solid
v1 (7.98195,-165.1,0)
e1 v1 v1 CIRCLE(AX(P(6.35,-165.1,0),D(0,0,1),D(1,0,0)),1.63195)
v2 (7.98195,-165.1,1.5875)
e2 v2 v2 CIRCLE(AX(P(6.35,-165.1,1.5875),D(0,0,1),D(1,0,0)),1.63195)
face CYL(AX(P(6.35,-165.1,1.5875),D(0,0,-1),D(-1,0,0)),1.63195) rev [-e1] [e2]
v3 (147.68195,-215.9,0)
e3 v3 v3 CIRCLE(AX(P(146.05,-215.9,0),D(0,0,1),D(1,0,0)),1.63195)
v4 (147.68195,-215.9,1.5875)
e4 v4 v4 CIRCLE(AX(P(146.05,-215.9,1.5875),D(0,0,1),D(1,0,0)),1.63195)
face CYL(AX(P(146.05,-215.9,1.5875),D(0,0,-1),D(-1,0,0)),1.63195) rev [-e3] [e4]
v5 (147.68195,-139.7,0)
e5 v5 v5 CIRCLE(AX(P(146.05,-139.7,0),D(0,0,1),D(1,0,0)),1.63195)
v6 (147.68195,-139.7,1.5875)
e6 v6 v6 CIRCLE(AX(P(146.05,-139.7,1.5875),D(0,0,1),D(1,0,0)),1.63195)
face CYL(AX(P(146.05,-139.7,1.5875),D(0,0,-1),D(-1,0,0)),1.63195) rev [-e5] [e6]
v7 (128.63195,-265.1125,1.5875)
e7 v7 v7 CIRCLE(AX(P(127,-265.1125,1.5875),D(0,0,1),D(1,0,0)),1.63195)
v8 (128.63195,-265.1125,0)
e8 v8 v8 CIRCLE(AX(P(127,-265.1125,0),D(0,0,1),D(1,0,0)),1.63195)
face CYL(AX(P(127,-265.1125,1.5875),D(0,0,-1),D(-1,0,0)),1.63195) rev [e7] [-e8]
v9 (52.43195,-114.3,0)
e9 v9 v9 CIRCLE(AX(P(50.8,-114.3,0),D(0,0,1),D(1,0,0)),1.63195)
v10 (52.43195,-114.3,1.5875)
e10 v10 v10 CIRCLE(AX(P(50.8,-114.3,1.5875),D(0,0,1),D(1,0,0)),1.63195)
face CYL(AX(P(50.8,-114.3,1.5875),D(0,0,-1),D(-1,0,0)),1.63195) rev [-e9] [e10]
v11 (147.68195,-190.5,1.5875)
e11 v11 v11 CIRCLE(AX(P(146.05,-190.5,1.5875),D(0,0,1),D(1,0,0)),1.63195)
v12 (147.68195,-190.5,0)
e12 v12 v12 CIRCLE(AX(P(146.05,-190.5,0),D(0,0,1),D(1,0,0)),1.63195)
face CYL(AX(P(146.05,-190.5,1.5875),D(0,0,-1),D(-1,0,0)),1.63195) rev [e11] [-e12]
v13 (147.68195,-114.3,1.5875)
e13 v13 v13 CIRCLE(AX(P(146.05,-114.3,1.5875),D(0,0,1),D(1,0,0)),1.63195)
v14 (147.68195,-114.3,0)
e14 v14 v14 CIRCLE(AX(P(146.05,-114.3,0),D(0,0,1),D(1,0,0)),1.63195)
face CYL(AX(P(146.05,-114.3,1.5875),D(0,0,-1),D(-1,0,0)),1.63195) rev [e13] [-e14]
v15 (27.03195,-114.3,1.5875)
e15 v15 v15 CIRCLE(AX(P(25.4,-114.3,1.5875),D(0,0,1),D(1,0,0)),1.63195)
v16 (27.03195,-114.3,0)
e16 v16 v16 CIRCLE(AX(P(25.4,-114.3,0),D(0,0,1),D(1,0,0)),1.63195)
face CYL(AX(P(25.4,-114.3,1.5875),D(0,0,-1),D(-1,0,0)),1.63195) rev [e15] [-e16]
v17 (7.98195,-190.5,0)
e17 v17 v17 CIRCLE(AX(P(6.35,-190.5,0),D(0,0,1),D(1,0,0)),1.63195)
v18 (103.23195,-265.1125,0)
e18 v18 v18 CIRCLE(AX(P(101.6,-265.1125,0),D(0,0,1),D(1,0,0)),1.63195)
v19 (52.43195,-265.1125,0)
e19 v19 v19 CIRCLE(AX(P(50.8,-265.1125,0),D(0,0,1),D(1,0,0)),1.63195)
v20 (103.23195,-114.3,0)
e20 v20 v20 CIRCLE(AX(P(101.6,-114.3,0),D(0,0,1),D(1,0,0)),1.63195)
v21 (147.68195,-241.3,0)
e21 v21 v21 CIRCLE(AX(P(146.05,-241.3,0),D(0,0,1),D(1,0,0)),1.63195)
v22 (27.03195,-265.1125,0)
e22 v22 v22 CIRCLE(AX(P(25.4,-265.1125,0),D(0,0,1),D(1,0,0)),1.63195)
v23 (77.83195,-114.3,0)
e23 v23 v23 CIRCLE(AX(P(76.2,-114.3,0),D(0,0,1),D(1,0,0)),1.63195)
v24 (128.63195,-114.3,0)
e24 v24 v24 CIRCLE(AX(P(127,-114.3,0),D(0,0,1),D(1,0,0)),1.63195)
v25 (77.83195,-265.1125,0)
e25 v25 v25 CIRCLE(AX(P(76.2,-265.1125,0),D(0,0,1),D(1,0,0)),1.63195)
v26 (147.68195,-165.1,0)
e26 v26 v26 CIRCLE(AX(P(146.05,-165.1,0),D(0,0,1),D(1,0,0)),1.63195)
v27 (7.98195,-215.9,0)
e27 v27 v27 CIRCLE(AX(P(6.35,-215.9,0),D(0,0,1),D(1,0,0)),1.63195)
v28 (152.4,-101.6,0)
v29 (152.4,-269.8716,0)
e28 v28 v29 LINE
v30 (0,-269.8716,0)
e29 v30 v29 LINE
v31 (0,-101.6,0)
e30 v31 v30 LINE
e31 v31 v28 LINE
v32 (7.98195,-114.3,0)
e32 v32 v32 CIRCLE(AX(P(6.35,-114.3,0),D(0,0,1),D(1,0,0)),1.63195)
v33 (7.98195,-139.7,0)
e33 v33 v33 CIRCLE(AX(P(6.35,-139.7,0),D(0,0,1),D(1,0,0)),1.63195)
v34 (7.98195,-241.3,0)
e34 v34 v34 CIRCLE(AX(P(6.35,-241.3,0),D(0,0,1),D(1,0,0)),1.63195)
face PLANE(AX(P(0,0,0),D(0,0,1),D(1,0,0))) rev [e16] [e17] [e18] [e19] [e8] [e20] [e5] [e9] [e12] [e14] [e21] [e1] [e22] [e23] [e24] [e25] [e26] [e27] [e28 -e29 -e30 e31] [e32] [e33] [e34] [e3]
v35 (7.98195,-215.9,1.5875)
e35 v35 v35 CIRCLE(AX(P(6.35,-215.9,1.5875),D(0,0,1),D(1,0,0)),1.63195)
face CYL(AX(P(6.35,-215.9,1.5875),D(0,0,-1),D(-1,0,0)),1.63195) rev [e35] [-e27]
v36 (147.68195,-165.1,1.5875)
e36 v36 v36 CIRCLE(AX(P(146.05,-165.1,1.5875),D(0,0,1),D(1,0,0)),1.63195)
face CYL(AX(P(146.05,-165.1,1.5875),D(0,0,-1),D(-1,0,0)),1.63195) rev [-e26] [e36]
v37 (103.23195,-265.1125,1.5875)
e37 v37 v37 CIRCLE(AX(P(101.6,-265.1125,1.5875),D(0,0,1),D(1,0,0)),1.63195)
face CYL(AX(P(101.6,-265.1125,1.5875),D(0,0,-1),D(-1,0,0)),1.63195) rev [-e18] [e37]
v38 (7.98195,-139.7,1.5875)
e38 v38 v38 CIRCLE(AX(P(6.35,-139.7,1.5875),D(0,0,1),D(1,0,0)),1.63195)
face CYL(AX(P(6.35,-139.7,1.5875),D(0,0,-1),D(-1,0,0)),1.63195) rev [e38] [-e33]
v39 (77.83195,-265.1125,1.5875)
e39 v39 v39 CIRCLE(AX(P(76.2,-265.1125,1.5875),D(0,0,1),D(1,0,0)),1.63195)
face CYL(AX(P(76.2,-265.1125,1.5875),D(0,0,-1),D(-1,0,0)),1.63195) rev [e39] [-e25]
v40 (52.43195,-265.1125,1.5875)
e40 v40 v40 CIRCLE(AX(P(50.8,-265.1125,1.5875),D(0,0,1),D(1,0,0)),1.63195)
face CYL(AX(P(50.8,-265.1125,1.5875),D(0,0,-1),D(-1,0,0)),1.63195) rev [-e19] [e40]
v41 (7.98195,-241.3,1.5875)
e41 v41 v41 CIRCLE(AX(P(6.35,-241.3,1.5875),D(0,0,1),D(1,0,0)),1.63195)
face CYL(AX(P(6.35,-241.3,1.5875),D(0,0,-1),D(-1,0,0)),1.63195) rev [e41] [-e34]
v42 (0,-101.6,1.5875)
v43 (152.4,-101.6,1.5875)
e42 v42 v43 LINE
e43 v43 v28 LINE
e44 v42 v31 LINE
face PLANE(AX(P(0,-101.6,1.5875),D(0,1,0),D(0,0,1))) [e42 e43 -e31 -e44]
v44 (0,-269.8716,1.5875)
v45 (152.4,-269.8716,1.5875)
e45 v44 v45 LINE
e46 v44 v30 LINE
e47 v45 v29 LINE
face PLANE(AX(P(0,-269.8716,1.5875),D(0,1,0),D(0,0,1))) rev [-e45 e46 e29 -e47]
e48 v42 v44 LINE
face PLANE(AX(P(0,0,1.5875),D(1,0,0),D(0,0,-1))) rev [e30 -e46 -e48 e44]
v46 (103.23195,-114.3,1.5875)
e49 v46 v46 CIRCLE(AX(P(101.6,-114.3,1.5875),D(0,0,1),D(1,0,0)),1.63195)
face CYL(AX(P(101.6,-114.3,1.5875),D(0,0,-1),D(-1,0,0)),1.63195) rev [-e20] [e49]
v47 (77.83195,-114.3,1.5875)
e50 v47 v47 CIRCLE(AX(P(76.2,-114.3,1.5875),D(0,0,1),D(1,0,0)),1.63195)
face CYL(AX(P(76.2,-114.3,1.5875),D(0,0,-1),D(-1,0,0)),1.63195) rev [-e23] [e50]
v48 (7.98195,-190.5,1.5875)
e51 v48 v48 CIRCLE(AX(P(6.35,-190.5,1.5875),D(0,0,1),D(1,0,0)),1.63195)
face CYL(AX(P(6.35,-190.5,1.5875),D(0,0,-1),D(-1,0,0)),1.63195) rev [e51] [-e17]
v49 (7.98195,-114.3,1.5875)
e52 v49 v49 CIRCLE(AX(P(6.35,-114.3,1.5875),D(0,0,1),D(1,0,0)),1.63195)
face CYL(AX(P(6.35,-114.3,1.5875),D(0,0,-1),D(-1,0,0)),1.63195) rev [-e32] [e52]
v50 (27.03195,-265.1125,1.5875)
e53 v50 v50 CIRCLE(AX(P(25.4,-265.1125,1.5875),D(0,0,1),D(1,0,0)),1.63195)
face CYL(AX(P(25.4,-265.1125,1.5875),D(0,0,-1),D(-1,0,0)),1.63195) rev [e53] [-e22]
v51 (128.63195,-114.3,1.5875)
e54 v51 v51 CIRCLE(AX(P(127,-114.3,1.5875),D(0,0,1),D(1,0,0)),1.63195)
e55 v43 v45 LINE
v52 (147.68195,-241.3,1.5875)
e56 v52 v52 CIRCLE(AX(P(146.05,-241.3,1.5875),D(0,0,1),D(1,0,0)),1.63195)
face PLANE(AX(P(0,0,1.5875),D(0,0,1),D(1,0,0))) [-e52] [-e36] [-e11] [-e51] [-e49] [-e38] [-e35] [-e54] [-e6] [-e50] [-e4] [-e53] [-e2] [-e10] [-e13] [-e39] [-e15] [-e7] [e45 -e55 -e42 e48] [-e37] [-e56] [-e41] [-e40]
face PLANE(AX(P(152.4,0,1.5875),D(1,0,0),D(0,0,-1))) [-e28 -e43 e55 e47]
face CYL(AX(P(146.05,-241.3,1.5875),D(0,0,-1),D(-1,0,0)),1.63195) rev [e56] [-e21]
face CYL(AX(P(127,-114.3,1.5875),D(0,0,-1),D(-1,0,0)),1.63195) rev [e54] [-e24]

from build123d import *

# Parameters (mm, degrees)
SKETCH1_W           = 152.4
SKETCH1_H           = 168.2716
SKETCH1_R           = 1.63195
BOSS_EXTRUDE1_DEPTH = 1.5875


with BuildPart() as part:
    # Sketch1 → Boss-Extrude1 (new body)
    with BuildSketch(Plane.XY):
        with Locations((76.2, -185.7358)):
            Rectangle(SKETCH1_W, SKETCH1_H)
        with Locations((6.35, -241.3)):
            Circle(SKETCH1_R, mode=Mode.SUBTRACT)
        with Locations((25.4, -265.1125)):
            Circle(SKETCH1_R, mode=Mode.SUBTRACT)
        with Locations((6.35, -215.9)):
            Circle(SKETCH1_R, mode=Mode.SUBTRACT)
        with Locations((50.8, -265.1125)):
            Circle(SKETCH1_R, mode=Mode.SUBTRACT)
        with Locations((76.2, -265.1125)):
            Circle(SKETCH1_R, mode=Mode.SUBTRACT)
        with Locations((6.35, -190.5)):
            Circle(SKETCH1_R, mode=Mode.SUBTRACT)
        with Locations((6.35, -165.1)):
            Circle(SKETCH1_R, mode=Mode.SUBTRACT)
        with Locations((6.35, -139.7)):
            Circle(SKETCH1_R, mode=Mode.SUBTRACT)
        with Locations((101.6, -265.1125)):
            Circle(SKETCH1_R, mode=Mode.SUBTRACT)
        with Locations((127, -265.1125)):
            Circle(SKETCH1_R, mode=Mode.SUBTRACT)
        with Locations((146.05, -241.3)):
            Circle(SKETCH1_R, mode=Mode.SUBTRACT)
        with Locations((146.05, -215.9)):
            Circle(SKETCH1_R, mode=Mode.SUBTRACT)
        with Locations((146.05, -190.5)):
            Circle(SKETCH1_R, mode=Mode.SUBTRACT)
        with Locations((146.05, -165.1)):
            Circle(SKETCH1_R, mode=Mode.SUBTRACT)
        with Locations((146.05, -139.7)):
            Circle(SKETCH1_R, mode=Mode.SUBTRACT)
        with Locations((6.35, -114.3)):
            Circle(SKETCH1_R, mode=Mode.SUBTRACT)
        with Locations((25.4, -114.3)):
            Circle(SKETCH1_R, mode=Mode.SUBTRACT)
        with Locations((50.8, -114.3)):
            Circle(SKETCH1_R, mode=Mode.SUBTRACT)
        with Locations((76.2, -114.3)):
            Circle(SKETCH1_R, mode=Mode.SUBTRACT)
        with Locations((101.6, -114.3)):
            Circle(SKETCH1_R, mode=Mode.SUBTRACT)
        with Locations((127, -114.3)):
            Circle(SKETCH1_R, mode=Mode.SUBTRACT)
        with Locations((146.05, -114.3)):
            Circle(SKETCH1_R, mode=Mode.SUBTRACT)
    extrude(amount=BOSS_EXTRUDE1_DEPTH)


solid = part.part
